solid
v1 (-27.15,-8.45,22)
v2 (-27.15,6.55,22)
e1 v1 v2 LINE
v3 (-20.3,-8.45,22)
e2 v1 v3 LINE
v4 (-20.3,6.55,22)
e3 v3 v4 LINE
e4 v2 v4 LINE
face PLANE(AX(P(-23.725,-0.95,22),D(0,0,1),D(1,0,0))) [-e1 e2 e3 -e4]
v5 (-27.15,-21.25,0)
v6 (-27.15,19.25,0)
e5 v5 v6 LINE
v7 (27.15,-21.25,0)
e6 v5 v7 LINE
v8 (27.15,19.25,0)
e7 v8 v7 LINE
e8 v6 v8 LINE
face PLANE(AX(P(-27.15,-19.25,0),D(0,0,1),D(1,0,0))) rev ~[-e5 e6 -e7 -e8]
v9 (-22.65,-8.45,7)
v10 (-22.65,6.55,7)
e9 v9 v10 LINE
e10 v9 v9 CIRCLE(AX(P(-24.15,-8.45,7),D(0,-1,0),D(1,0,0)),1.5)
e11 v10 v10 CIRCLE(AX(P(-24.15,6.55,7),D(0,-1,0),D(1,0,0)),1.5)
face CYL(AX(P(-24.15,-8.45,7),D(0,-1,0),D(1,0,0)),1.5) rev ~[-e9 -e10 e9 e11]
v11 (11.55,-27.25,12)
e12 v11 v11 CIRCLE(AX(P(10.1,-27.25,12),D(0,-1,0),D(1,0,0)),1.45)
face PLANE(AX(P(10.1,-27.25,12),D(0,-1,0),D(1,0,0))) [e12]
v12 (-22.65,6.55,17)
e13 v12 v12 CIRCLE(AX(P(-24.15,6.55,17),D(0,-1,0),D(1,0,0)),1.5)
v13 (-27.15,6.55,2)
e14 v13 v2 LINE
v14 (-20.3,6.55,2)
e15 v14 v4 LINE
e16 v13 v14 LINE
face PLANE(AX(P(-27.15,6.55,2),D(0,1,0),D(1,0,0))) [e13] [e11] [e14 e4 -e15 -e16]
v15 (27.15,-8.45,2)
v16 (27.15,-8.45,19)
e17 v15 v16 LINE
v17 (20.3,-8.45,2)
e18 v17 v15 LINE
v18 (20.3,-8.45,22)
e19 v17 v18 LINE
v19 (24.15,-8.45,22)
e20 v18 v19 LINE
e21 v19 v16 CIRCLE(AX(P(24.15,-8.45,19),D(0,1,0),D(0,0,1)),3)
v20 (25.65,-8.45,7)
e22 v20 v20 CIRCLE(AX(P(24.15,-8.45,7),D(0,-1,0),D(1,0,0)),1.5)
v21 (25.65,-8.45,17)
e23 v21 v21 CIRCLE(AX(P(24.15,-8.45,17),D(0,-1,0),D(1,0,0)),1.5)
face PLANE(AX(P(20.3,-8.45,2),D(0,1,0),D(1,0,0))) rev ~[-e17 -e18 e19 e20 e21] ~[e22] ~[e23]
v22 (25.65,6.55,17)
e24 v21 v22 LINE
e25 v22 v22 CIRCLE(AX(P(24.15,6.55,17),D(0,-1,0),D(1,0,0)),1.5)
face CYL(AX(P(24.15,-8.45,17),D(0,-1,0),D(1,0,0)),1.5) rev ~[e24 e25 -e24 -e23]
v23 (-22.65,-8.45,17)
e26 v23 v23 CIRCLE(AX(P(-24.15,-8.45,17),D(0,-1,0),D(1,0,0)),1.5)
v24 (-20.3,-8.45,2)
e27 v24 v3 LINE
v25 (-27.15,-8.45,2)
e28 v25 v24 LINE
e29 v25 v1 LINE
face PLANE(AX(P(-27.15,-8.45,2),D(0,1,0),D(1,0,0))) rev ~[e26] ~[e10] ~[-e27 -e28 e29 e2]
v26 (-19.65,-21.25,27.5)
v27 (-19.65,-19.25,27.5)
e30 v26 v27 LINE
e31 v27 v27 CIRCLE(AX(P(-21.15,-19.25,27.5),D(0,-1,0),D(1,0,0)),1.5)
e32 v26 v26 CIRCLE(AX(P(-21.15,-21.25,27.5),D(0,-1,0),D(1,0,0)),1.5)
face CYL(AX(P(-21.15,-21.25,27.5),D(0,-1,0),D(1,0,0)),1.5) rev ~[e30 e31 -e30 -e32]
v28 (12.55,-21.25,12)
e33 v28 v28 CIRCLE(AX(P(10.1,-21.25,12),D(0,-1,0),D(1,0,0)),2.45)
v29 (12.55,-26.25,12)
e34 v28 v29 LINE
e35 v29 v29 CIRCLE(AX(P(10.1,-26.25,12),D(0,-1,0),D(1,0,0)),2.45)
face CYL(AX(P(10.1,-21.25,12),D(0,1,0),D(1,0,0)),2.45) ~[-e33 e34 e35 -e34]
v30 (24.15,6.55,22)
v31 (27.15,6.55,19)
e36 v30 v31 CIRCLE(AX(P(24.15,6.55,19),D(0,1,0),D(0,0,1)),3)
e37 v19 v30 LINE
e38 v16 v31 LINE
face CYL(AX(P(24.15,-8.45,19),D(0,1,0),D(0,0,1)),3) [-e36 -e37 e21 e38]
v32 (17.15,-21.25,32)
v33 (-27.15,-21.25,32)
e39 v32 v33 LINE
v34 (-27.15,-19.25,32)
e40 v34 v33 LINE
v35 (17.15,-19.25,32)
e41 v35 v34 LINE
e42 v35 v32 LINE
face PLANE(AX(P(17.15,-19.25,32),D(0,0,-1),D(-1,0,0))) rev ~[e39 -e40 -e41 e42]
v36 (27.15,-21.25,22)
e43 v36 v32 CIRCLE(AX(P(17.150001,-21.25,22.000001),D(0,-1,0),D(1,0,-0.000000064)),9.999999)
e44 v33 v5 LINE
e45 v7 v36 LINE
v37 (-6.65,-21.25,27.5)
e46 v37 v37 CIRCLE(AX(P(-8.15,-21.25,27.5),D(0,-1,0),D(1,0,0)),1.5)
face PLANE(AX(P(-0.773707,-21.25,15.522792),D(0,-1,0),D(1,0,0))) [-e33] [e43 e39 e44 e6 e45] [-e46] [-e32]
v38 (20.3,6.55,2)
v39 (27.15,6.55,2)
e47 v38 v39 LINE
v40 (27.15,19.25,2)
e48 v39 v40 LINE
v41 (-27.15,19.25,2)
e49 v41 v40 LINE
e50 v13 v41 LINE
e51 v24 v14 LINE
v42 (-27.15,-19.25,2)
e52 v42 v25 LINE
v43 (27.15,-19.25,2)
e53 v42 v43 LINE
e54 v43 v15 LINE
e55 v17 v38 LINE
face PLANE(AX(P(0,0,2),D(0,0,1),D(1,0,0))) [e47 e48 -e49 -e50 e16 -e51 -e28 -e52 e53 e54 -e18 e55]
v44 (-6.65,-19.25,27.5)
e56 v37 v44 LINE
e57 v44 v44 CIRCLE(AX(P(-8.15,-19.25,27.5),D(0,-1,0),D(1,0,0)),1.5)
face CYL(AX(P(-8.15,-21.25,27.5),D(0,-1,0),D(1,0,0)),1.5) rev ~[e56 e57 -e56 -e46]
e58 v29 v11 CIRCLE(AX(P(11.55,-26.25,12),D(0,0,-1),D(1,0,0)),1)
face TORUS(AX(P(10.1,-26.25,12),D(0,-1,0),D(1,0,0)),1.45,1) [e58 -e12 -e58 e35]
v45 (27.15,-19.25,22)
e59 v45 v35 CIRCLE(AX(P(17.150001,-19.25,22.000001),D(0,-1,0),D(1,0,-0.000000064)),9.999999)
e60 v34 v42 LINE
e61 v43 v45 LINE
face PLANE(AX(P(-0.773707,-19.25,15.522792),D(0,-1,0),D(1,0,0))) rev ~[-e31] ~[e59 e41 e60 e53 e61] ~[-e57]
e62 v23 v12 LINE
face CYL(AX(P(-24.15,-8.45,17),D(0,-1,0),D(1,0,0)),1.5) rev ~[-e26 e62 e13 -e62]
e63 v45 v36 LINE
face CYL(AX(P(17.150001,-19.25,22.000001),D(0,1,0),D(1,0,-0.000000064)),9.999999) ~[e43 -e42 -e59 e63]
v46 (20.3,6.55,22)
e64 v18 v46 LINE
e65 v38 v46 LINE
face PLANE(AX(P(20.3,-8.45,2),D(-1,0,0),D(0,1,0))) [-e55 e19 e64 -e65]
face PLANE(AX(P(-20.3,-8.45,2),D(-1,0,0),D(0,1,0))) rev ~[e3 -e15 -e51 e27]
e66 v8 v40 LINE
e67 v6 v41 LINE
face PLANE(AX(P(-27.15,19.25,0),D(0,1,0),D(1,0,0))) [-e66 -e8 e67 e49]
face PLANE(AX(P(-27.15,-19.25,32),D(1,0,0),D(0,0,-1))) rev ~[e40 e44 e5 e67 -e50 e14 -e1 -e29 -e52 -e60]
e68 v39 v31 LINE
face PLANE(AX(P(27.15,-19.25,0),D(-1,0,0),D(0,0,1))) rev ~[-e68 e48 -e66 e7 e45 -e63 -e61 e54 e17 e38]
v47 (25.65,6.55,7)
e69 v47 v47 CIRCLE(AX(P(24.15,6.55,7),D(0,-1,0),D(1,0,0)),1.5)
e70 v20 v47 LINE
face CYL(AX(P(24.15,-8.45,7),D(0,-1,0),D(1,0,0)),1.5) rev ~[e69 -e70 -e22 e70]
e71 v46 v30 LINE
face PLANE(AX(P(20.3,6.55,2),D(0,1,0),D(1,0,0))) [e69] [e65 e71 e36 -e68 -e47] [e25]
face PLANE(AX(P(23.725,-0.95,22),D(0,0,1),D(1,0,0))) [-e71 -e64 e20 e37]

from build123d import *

# Parameters (mm, degrees)
SKETCH_W        = 54.3
SKETCH_H        = 38.5
PAD_DEPTH       = 2
SKETCH001_W     = 6.85
SKETCH001_H     = 15
PAD001_DEPTH    = 20
SKETCH002_R     = 1.5
POCKET_DEPTH    = 15
PAD002_DEPTH    = 2
FILLET_R        = 3
SKETCH004_R     = 2.45
PAD003_DEPTH    = 6
FILLET001_R     = 1
SKETCH005_R     = 1.5
POCKET001_DEPTH = 5


with BuildPart() as part:
    # Sketch → Pad (new body)
    with BuildSketch(Plane.XY):
        Rectangle(SKETCH_W, SKETCH_H)
    extrude(amount=PAD_DEPTH)

    # Sketch001 (on Face6 of Pad) → Pad001 (join)
    with BuildSketch(Plane.XY.offset(2)):
        with Locations((23.725, -0.95)):
            Rectangle(SKETCH001_W, SKETCH001_H)
        with Locations((-23.725, -0.95)):
            Rectangle(SKETCH001_W, SKETCH001_H)
    extrude(amount=PAD001_DEPTH)

    # Sketch002 (on Face11 of Pad001) → Pocket (cut)
    with BuildSketch(Plane.XZ.offset(8.45)):
        with Locations((24.15, 17)):
            Circle(SKETCH002_R)
        with Locations((24.15, 7)):
            Circle(SKETCH002_R)
        with Locations((-24.15, 17)):
            Circle(SKETCH002_R)
        with Locations((-24.15, 7)):
            Circle(SKETCH002_R)
    extrude(amount=-POCKET_DEPTH, mode=Mode.SUBTRACT)

    # Sketch003 (on Face6 of Pocket) → Pad002 (join)
    with BuildSketch(Plane.XZ.offset(19.25)):
        with BuildLine():
            Line((-27.15, 0), (27.15, 0))
            Line((27.15, 0), (27.15, 22))
            ThreePointArc((27.15, 22), (24.221068, 29.071068), (17.15, 32))
            Line((17.15, 32), (-27.15, 32))
            Line((-27.15, 32), (-27.15, 0))
        make_face()
    extrude(amount=PAD002_DEPTH)

    # Fillet
    fillet_edges = [part.edges().sort_by_distance(p)[0] for p in [
        (27.15, -0.95, 22),
    ]]
    fillet(fillet_edges, radius=FILLET_R)

    # Sketch004 (on Face21 of Fillet) → Pad003 (join)
    with BuildSketch(Plane.XZ.offset(21.25)):
        with Locations((10.1, 12)):
            Circle(SKETCH004_R)
    extrude(amount=PAD003_DEPTH)

    # Fillet001
    fillet001_edges = [part.edges().sort_by_distance(p)[0] for p in [
        (7.65, -27.25, 12),
    ]]
    fillet(fillet001_edges, radius=FILLET001_R)

    # Sketch005 (on Face3 of Fillet001) → Pocket001 (cut)
    with BuildSketch(Plane.XZ.offset(21.25)):
        with Locations((-21.15, 27.5)):
            Circle(SKETCH005_R)
        with Locations((-8.15, 27.5)):
            Circle(SKETCH005_R)
    extrude(amount=-POCKET001_DEPTH, mode=Mode.SUBTRACT)


solid = part.part
